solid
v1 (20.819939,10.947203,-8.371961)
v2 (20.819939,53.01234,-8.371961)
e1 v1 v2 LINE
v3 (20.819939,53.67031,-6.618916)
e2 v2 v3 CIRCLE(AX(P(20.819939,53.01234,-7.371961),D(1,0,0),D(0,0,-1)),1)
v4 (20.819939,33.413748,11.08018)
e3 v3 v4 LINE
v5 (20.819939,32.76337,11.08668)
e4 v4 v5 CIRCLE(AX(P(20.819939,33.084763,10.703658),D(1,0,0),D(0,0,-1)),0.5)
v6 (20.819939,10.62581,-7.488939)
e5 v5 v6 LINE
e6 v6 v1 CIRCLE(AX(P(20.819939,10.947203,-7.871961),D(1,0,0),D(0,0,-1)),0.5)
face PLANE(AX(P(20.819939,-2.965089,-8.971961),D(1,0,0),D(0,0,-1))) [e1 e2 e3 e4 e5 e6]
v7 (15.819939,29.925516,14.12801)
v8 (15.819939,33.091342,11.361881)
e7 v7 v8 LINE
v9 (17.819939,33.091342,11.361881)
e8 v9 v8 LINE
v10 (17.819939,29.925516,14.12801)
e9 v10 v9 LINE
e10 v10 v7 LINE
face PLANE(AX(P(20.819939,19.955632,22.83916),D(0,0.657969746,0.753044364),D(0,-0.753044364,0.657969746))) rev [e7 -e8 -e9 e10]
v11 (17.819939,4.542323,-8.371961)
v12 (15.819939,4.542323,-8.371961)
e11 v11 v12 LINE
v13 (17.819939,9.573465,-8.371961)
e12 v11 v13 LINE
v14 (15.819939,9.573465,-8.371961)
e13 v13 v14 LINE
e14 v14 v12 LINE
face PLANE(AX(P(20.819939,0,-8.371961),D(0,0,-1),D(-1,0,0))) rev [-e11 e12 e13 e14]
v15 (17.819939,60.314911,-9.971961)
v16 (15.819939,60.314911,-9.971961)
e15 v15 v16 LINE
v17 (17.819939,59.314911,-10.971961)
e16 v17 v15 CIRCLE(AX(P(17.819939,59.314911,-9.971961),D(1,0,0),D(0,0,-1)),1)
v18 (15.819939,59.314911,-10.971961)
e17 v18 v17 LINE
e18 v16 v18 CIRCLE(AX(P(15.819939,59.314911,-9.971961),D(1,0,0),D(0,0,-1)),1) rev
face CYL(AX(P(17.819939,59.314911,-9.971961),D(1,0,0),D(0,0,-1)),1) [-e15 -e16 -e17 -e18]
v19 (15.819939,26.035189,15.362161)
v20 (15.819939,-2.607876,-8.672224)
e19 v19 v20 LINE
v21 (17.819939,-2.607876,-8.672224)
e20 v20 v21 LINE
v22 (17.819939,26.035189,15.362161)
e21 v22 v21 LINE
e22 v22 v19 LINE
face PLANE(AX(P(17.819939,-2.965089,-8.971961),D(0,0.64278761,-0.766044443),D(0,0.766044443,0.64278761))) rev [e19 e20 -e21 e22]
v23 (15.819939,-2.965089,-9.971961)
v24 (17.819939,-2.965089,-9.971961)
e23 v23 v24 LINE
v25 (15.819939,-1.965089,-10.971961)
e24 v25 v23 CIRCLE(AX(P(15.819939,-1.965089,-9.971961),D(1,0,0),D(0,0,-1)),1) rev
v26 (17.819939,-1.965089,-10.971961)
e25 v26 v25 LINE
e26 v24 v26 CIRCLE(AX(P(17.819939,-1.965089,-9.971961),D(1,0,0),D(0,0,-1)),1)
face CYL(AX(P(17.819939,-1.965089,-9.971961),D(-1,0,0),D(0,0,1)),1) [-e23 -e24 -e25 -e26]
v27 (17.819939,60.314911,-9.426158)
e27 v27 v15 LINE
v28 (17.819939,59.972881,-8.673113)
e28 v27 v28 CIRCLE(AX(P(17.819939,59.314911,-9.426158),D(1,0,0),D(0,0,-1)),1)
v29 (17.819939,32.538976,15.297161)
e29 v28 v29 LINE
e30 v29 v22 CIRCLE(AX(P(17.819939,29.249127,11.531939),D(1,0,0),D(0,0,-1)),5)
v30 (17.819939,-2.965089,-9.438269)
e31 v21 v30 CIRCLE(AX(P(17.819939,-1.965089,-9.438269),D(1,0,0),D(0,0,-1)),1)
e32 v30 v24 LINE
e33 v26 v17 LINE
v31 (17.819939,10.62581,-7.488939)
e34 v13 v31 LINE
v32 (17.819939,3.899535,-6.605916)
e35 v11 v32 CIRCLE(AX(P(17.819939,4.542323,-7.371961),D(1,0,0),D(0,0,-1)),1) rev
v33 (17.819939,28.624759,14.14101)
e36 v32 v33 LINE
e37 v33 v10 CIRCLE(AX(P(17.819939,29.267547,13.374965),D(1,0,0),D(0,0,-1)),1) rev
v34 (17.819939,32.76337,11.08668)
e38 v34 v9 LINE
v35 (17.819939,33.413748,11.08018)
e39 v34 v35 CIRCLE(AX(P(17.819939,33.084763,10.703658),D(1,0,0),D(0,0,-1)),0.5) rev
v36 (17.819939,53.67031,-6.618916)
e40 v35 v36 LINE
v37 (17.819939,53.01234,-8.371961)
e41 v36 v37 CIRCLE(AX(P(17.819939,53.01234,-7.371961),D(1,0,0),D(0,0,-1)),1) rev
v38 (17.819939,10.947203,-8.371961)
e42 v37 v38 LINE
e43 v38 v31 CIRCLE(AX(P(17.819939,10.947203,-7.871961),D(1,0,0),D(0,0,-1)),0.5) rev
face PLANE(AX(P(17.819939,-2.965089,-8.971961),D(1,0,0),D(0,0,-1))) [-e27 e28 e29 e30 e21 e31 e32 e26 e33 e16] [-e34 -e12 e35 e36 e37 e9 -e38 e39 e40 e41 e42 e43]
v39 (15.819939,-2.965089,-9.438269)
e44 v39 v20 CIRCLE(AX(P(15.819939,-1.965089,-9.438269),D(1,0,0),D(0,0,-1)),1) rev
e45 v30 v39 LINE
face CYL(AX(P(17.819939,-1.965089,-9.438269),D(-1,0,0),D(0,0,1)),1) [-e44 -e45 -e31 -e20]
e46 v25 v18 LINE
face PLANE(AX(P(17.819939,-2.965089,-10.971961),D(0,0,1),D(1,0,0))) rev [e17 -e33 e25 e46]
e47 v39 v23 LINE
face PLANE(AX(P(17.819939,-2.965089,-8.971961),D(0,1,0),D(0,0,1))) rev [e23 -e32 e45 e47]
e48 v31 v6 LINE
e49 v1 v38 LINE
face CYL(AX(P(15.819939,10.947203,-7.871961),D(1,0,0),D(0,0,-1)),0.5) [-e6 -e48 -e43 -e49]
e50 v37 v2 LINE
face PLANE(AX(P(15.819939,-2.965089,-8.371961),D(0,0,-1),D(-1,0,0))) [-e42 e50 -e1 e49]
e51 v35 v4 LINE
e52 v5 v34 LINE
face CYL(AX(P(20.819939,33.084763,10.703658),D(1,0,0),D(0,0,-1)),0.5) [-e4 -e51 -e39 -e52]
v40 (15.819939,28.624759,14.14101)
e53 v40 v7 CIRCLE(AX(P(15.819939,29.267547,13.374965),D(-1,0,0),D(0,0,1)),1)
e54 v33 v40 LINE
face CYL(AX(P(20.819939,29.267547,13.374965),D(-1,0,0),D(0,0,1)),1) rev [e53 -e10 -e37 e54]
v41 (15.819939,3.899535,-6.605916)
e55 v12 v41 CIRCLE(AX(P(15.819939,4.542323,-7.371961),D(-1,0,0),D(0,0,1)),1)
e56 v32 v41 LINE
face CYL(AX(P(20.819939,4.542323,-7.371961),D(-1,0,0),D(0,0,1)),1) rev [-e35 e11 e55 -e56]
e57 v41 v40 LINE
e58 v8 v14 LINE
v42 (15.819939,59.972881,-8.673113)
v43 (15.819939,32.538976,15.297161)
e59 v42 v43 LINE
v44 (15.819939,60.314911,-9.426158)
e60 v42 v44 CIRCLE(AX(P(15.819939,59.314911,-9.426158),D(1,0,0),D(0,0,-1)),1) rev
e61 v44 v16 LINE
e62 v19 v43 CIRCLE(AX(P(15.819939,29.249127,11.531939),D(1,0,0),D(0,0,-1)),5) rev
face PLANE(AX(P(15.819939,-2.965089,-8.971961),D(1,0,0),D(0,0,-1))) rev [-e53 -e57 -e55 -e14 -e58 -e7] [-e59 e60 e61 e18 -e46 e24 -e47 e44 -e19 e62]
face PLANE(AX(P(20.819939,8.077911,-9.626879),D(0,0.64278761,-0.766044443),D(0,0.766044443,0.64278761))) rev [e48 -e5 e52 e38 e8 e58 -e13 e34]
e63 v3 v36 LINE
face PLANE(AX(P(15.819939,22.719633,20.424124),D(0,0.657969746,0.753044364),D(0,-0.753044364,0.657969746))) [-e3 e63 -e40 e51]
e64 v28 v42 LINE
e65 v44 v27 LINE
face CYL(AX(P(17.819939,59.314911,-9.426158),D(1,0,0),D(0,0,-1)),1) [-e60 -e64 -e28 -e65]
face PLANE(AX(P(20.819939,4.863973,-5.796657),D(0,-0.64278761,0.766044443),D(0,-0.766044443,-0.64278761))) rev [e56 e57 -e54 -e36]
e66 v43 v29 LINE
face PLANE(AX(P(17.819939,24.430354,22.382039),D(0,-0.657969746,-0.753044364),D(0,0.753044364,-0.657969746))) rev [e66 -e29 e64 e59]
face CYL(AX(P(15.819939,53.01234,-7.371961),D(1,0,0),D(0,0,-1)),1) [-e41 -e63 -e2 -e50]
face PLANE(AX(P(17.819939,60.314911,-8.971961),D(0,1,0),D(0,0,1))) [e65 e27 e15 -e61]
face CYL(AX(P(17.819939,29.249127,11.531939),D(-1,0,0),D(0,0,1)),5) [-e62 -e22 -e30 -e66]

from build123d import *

# Parameters (mm, degrees)
BOSS_EXTRUDE1_DEPTH = 5
BOSS_EXTRUDE2_START = -5
BOSS_EXTRUDE2_DEPTH = 2
FILLET1_R           = 5
FILLET2_R           = 1
FILLET3_R           = 1
CUT_EXTRUDE1_DEPTH  = 63.739091162
FILLET4_R           = 0.5


with BuildPart() as part:
    # Sketch32 → Boss-Extrude1 (new body)
    with BuildSketch(Plane(origin=(0, 0, 0), x_dir=(0, 0, -1), z_dir=(1, 0, 0))):
        Polygon((-23.663373299, 32.245792092), (-0.6, 4.759934105), (-0.6, 58.641752364), align=None)
    extrude(amount=-BOSS_EXTRUDE1_DEPTH)

    # Sketch33 → Boss-Extrude2 (add)
    with BuildSketch(Plane(origin=(0, 0, 0), x_dir=(0, 0, -1), z_dir=(1, 0, 0)).offset(BOSS_EXTRUDE2_START)):
        Polygon((0, 0), (2, 0), (2, 63.28), (0, 63.28), (-27.086136094, 32.28), align=None)
    extrude(amount=BOSS_EXTRUDE2_DEPTH)

    # Fillet1
    fillet1_edges = [part.edges().sort_by_distance(p)[0] for p in [
        (-4, 32.28, 27.086136094),
    ]]
    fillet(fillet1_edges, radius=FILLET1_R)

    # Fillet2
    fillet2_edges = [part.edges().sort_by_distance(p)[0] for p in [
        (-1.5, 4.759934105, 0.6),
        (-1.5, 58.641752364, 0.6),
        (-1.5, 32.245792092, 23.663373299),
    ]]
    fillet(fillet2_edges, radius=FILLET2_R)

    # Fillet3
    fillet3_edges = [part.edges().sort_by_distance(p)[0] for p in [
        (-4, 63.28, -2),
        (-4, 63.28, 0),
        (-4, 0, 0),
        (-4, 0, -2),
    ]]
    fillet(fillet3_edges, radius=FILLET3_R)


with BuildPart() as part_1:
    # Body-Move/Copy1: moved
    add(part.part.moved(Location((20.819939299, -2.965088501, -8.971960843))))

    # Sketch34 → Cut-Extrude1 (cut, through all)
    with BuildSketch(Plane.ZY.offset(-15.819939299)):
        with BuildLine():
            Line((14.128009591, 29.925516449), (11.361881222, 33.091341915))
            Line((11.361881222, 33.091341915), (-8.371960843, 9.573464739))
            Line((-8.371960843, 9.573464739), (-8.371960843, 4.542323024))
            ThreePointArc((-8.371960843, 4.542323024), (-7.713980986, 3.602630403), (-6.6059164, 3.899535414))
            Line((-6.6059164, 3.899535414), (13.428952617, 27.776162543))
            Line((13.428952617, 27.776162543), (14.14100967, 28.624759093))
            ThreePointArc((14.14100967, 28.624759093), (14.374915288, 29.277540443), (14.128009591, 29.925516449))
        make_face()
    extrude(amount=-CUT_EXTRUDE1_DEPTH, mode=Mode.SUBTRACT)

    # Fillet4
    fillet4_edges = [part_1.edges().sort_by_distance(p)[0] for p in [
        (19.319939299, 33.091341915, 11.361881222),
        (19.319939299, 9.573464739, -8.371960843),
    ]]
    fillet(fillet4_edges, radius=FILLET4_R)


solid = part_1.part
